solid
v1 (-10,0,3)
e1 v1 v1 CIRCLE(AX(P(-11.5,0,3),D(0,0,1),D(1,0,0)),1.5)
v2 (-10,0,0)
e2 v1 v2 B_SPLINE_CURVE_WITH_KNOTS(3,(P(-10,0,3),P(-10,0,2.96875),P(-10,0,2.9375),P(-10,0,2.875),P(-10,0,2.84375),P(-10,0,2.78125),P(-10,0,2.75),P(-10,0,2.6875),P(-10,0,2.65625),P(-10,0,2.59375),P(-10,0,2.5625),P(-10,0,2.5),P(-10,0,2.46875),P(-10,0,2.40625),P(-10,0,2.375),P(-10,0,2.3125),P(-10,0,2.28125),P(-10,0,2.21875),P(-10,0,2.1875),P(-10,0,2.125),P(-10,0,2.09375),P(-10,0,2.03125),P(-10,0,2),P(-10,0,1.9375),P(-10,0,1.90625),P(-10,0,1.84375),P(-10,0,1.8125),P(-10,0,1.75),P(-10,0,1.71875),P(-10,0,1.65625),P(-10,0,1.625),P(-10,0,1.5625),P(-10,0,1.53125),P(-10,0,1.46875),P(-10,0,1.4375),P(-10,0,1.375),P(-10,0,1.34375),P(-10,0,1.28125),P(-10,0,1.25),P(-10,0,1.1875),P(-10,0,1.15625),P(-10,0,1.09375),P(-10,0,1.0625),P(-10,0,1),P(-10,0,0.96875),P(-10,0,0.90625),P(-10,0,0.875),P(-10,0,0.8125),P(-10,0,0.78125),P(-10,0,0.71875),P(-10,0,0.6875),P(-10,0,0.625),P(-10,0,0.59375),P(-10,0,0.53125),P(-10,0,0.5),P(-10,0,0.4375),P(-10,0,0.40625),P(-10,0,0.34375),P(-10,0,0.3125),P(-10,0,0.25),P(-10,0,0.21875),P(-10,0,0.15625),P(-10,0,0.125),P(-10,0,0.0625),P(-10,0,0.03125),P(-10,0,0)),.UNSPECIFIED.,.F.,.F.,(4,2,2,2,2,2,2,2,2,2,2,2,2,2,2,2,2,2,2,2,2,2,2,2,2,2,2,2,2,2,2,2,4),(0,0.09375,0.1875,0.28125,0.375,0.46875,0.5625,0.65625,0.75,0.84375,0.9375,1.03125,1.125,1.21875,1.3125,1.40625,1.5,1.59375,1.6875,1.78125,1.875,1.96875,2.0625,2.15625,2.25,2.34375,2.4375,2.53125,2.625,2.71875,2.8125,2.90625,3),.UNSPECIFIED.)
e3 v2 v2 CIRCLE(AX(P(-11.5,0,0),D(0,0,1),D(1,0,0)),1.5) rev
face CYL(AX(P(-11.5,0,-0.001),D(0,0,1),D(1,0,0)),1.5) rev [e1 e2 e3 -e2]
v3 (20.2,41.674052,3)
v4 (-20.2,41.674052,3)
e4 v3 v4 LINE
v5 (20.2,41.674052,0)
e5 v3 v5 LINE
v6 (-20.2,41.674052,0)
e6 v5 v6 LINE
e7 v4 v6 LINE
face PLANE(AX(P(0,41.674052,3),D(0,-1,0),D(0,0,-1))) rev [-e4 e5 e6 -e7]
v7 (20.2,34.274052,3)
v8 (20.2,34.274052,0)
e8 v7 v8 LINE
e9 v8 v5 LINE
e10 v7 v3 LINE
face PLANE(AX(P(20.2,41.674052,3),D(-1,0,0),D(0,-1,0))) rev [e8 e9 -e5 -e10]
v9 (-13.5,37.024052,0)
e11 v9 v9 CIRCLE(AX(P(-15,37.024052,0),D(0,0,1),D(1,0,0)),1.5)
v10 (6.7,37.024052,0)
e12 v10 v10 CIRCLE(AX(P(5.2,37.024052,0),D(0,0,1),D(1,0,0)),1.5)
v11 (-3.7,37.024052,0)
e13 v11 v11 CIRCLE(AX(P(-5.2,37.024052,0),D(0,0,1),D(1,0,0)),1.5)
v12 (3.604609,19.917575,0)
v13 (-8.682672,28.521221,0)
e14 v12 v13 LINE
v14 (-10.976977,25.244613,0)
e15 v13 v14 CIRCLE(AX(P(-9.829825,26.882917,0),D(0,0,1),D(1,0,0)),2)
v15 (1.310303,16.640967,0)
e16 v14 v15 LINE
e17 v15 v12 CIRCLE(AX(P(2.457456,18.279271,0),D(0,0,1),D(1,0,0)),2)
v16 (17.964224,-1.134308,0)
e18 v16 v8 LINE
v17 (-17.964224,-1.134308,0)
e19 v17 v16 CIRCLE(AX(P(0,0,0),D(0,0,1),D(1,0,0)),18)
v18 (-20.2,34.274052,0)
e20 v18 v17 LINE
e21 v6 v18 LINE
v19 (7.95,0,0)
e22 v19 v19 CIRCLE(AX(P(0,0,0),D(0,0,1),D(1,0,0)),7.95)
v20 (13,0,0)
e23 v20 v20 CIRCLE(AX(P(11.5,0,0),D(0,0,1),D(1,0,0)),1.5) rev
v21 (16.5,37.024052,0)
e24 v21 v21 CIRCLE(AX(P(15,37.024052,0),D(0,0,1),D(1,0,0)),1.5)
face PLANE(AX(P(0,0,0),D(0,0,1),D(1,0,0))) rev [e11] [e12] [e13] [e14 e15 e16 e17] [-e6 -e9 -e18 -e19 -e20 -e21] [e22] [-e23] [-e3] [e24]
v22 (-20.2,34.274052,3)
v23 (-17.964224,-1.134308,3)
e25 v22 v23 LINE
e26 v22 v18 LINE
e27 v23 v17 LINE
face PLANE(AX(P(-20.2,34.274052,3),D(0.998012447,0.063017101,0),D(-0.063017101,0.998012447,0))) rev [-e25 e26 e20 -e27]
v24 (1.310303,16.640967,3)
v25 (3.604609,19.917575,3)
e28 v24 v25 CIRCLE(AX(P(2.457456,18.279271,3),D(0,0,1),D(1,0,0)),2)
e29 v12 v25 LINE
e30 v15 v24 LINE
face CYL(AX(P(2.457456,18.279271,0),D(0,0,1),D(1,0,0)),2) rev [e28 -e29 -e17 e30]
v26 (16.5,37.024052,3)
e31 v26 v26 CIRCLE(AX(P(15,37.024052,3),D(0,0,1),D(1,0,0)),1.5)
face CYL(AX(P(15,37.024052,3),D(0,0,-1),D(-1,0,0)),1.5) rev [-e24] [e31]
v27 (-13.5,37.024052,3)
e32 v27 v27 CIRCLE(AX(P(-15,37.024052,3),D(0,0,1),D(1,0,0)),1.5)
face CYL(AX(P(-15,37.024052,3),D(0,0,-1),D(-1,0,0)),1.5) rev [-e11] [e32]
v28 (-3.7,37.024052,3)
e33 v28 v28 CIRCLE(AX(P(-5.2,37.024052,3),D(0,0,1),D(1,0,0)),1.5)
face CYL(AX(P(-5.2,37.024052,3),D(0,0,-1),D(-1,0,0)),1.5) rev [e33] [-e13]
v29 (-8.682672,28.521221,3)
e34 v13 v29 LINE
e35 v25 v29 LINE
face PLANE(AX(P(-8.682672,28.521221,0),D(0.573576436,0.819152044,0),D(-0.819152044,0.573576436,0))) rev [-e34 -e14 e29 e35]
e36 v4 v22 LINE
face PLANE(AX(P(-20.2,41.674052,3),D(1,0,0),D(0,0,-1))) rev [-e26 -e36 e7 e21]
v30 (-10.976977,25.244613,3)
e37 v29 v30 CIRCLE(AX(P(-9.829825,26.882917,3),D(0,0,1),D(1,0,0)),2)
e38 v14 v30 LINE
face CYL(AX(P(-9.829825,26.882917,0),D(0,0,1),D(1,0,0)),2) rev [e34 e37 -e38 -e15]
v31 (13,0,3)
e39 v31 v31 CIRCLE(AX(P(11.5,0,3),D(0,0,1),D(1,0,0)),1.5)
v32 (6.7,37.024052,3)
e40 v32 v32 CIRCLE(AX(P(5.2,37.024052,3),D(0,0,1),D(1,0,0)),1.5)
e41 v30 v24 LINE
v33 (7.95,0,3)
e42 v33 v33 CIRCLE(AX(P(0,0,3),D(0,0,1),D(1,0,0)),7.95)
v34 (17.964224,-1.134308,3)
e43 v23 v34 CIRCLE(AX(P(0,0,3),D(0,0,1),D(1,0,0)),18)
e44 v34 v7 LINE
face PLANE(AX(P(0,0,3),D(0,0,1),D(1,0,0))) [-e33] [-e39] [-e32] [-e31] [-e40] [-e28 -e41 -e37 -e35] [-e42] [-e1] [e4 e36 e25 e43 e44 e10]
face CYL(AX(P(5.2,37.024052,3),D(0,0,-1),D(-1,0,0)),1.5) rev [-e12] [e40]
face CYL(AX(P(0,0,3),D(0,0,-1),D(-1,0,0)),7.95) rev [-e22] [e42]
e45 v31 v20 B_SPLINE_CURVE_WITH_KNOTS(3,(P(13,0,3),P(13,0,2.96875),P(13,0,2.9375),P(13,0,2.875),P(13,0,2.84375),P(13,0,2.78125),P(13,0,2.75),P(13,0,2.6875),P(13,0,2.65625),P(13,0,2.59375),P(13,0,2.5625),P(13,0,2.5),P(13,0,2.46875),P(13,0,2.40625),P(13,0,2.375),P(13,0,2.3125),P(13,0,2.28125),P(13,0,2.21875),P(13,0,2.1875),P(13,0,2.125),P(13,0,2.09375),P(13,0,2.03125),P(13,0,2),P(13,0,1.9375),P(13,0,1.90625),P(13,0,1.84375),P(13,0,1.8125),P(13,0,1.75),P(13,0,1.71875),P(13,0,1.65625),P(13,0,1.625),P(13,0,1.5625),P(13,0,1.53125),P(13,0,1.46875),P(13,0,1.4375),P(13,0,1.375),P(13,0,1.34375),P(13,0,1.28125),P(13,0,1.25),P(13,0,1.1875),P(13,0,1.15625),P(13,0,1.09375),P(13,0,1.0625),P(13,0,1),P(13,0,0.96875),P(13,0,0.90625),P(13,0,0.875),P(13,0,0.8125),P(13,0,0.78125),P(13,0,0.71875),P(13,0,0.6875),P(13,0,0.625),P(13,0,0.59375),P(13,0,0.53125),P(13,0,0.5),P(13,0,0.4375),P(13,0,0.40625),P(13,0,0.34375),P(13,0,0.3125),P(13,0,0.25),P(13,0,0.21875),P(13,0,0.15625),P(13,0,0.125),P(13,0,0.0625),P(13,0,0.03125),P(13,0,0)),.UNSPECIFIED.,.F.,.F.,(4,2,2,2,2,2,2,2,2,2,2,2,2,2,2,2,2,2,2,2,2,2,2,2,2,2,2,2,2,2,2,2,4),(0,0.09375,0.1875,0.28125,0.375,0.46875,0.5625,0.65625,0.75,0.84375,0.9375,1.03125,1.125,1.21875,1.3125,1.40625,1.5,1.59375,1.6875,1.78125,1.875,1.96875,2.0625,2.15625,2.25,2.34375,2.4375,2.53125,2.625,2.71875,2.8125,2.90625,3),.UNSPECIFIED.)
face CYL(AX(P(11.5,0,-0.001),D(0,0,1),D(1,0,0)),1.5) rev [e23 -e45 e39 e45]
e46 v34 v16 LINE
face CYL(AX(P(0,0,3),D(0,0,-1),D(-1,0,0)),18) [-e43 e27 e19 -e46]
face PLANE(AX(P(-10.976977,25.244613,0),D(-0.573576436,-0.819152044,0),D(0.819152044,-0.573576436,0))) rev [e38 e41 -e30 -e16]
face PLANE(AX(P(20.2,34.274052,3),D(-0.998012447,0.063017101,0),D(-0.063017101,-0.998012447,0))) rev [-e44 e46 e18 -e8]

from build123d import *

# Parameters (mm, degrees)
SKETCH1_R               = 7.95
SKETCH1_R_2             = 1.5
MAIN_BODY_LINK_B2_DEPTH = 3
CUT_EXTRUDE1_REACH      = 48.409
SKETCH2_R               = 1.5
CUT_EXTRUDE2_DEPTH      = 47.408691448


with BuildPart() as part:
    # Sketch1 → Main Body Link B2 (new body)
    with BuildSketch(Plane.XY):
        with BuildLine():
            Line((0, 41.674052381), (20.2, 41.674052381))
            Line((20.2, 41.674052381), (20.2, 34.274052381))
            Line((20.2, 34.274052381), (17.964224051, -1.134307826))
            ThreePointArc((17.964224051, -1.134307826), (0, -18), (-17.964224051, -1.134307826))
            Line((-17.964224051, -1.134307826), (-20.2, 34.274052381))
            Line((-20.2, 34.274052381), (-20.2, 41.674052381))
            Line((-20.2, 41.674052381), (0, 41.674052381))
        make_face()
        Circle(SKETCH1_R, mode=Mode.SUBTRACT)
        with Locations((-15, 37.024052381)):
            Circle(SKETCH1_R_2, mode=Mode.SUBTRACT)
        with Locations((-5.2, 37.024052381)):
            Circle(SKETCH1_R_2, mode=Mode.SUBTRACT)
        with Locations((5.2, 37.024052381)):
            Circle(SKETCH1_R_2, mode=Mode.SUBTRACT)
        with Locations((15, 37.024052381)):
            Circle(SKETCH1_R_2, mode=Mode.SUBTRACT)
    extrude(amount=MAIN_BODY_LINK_B2_DEPTH)

    # Sketch2 → Cut-Extrude1 (cut, up to next)
    with BuildSketch(Plane.XY.offset(3), mode=Mode.PRIVATE) as cut_extrude1_sk1:
        with Locations((-11.5, 0)):
            Circle(SKETCH2_R)
    cut_extrude1_tool1 = extrude(cut_extrude1_sk1.sketch, amount=-CUT_EXTRUDE1_REACH, mode=Mode.PRIVATE) & part.part
    # Sketch2 → Cut-Extrude1 (cut, up to next)
    with BuildSketch(Plane.XY.offset(3), mode=Mode.PRIVATE) as cut_extrude1_sk2:
        with Locations((11.5, 0)):
            Circle(SKETCH2_R)
    cut_extrude1_tool2 = extrude(cut_extrude1_sk2.sketch, amount=-CUT_EXTRUDE1_REACH, mode=Mode.PRIVATE) & part.part
    add(cut_extrude1_tool1.solids().sort_by_distance((-11.5, 0, 3))[0], mode=Mode.SUBTRACT)
    add(cut_extrude1_tool2.solids().sort_by_distance((11.5, 0, 3))[0], mode=Mode.SUBTRACT)

    # Sketch3 → Cut-Extrude2 (cut, through all)
    with BuildSketch(Plane.XY.offset(3)):
        with BuildLine():
            Line((-8.682671659, 28.521221325), (3.604609006, 19.91757478))
            ThreePointArc((3.604609006, 19.91757478), (4.095760221, 17.132117818), (1.31030326, 16.640966602))
            Line((1.31030326, 16.640966602), (-10.976977404, 25.244613148))
            ThreePointArc((-10.976977404, 25.244613148), (-11.46812862, 28.030070109), (-8.682671659, 28.521221325))
        make_face()
    extrude(amount=-CUT_EXTRUDE2_DEPTH, mode=Mode.SUBTRACT)


solid = part.part
